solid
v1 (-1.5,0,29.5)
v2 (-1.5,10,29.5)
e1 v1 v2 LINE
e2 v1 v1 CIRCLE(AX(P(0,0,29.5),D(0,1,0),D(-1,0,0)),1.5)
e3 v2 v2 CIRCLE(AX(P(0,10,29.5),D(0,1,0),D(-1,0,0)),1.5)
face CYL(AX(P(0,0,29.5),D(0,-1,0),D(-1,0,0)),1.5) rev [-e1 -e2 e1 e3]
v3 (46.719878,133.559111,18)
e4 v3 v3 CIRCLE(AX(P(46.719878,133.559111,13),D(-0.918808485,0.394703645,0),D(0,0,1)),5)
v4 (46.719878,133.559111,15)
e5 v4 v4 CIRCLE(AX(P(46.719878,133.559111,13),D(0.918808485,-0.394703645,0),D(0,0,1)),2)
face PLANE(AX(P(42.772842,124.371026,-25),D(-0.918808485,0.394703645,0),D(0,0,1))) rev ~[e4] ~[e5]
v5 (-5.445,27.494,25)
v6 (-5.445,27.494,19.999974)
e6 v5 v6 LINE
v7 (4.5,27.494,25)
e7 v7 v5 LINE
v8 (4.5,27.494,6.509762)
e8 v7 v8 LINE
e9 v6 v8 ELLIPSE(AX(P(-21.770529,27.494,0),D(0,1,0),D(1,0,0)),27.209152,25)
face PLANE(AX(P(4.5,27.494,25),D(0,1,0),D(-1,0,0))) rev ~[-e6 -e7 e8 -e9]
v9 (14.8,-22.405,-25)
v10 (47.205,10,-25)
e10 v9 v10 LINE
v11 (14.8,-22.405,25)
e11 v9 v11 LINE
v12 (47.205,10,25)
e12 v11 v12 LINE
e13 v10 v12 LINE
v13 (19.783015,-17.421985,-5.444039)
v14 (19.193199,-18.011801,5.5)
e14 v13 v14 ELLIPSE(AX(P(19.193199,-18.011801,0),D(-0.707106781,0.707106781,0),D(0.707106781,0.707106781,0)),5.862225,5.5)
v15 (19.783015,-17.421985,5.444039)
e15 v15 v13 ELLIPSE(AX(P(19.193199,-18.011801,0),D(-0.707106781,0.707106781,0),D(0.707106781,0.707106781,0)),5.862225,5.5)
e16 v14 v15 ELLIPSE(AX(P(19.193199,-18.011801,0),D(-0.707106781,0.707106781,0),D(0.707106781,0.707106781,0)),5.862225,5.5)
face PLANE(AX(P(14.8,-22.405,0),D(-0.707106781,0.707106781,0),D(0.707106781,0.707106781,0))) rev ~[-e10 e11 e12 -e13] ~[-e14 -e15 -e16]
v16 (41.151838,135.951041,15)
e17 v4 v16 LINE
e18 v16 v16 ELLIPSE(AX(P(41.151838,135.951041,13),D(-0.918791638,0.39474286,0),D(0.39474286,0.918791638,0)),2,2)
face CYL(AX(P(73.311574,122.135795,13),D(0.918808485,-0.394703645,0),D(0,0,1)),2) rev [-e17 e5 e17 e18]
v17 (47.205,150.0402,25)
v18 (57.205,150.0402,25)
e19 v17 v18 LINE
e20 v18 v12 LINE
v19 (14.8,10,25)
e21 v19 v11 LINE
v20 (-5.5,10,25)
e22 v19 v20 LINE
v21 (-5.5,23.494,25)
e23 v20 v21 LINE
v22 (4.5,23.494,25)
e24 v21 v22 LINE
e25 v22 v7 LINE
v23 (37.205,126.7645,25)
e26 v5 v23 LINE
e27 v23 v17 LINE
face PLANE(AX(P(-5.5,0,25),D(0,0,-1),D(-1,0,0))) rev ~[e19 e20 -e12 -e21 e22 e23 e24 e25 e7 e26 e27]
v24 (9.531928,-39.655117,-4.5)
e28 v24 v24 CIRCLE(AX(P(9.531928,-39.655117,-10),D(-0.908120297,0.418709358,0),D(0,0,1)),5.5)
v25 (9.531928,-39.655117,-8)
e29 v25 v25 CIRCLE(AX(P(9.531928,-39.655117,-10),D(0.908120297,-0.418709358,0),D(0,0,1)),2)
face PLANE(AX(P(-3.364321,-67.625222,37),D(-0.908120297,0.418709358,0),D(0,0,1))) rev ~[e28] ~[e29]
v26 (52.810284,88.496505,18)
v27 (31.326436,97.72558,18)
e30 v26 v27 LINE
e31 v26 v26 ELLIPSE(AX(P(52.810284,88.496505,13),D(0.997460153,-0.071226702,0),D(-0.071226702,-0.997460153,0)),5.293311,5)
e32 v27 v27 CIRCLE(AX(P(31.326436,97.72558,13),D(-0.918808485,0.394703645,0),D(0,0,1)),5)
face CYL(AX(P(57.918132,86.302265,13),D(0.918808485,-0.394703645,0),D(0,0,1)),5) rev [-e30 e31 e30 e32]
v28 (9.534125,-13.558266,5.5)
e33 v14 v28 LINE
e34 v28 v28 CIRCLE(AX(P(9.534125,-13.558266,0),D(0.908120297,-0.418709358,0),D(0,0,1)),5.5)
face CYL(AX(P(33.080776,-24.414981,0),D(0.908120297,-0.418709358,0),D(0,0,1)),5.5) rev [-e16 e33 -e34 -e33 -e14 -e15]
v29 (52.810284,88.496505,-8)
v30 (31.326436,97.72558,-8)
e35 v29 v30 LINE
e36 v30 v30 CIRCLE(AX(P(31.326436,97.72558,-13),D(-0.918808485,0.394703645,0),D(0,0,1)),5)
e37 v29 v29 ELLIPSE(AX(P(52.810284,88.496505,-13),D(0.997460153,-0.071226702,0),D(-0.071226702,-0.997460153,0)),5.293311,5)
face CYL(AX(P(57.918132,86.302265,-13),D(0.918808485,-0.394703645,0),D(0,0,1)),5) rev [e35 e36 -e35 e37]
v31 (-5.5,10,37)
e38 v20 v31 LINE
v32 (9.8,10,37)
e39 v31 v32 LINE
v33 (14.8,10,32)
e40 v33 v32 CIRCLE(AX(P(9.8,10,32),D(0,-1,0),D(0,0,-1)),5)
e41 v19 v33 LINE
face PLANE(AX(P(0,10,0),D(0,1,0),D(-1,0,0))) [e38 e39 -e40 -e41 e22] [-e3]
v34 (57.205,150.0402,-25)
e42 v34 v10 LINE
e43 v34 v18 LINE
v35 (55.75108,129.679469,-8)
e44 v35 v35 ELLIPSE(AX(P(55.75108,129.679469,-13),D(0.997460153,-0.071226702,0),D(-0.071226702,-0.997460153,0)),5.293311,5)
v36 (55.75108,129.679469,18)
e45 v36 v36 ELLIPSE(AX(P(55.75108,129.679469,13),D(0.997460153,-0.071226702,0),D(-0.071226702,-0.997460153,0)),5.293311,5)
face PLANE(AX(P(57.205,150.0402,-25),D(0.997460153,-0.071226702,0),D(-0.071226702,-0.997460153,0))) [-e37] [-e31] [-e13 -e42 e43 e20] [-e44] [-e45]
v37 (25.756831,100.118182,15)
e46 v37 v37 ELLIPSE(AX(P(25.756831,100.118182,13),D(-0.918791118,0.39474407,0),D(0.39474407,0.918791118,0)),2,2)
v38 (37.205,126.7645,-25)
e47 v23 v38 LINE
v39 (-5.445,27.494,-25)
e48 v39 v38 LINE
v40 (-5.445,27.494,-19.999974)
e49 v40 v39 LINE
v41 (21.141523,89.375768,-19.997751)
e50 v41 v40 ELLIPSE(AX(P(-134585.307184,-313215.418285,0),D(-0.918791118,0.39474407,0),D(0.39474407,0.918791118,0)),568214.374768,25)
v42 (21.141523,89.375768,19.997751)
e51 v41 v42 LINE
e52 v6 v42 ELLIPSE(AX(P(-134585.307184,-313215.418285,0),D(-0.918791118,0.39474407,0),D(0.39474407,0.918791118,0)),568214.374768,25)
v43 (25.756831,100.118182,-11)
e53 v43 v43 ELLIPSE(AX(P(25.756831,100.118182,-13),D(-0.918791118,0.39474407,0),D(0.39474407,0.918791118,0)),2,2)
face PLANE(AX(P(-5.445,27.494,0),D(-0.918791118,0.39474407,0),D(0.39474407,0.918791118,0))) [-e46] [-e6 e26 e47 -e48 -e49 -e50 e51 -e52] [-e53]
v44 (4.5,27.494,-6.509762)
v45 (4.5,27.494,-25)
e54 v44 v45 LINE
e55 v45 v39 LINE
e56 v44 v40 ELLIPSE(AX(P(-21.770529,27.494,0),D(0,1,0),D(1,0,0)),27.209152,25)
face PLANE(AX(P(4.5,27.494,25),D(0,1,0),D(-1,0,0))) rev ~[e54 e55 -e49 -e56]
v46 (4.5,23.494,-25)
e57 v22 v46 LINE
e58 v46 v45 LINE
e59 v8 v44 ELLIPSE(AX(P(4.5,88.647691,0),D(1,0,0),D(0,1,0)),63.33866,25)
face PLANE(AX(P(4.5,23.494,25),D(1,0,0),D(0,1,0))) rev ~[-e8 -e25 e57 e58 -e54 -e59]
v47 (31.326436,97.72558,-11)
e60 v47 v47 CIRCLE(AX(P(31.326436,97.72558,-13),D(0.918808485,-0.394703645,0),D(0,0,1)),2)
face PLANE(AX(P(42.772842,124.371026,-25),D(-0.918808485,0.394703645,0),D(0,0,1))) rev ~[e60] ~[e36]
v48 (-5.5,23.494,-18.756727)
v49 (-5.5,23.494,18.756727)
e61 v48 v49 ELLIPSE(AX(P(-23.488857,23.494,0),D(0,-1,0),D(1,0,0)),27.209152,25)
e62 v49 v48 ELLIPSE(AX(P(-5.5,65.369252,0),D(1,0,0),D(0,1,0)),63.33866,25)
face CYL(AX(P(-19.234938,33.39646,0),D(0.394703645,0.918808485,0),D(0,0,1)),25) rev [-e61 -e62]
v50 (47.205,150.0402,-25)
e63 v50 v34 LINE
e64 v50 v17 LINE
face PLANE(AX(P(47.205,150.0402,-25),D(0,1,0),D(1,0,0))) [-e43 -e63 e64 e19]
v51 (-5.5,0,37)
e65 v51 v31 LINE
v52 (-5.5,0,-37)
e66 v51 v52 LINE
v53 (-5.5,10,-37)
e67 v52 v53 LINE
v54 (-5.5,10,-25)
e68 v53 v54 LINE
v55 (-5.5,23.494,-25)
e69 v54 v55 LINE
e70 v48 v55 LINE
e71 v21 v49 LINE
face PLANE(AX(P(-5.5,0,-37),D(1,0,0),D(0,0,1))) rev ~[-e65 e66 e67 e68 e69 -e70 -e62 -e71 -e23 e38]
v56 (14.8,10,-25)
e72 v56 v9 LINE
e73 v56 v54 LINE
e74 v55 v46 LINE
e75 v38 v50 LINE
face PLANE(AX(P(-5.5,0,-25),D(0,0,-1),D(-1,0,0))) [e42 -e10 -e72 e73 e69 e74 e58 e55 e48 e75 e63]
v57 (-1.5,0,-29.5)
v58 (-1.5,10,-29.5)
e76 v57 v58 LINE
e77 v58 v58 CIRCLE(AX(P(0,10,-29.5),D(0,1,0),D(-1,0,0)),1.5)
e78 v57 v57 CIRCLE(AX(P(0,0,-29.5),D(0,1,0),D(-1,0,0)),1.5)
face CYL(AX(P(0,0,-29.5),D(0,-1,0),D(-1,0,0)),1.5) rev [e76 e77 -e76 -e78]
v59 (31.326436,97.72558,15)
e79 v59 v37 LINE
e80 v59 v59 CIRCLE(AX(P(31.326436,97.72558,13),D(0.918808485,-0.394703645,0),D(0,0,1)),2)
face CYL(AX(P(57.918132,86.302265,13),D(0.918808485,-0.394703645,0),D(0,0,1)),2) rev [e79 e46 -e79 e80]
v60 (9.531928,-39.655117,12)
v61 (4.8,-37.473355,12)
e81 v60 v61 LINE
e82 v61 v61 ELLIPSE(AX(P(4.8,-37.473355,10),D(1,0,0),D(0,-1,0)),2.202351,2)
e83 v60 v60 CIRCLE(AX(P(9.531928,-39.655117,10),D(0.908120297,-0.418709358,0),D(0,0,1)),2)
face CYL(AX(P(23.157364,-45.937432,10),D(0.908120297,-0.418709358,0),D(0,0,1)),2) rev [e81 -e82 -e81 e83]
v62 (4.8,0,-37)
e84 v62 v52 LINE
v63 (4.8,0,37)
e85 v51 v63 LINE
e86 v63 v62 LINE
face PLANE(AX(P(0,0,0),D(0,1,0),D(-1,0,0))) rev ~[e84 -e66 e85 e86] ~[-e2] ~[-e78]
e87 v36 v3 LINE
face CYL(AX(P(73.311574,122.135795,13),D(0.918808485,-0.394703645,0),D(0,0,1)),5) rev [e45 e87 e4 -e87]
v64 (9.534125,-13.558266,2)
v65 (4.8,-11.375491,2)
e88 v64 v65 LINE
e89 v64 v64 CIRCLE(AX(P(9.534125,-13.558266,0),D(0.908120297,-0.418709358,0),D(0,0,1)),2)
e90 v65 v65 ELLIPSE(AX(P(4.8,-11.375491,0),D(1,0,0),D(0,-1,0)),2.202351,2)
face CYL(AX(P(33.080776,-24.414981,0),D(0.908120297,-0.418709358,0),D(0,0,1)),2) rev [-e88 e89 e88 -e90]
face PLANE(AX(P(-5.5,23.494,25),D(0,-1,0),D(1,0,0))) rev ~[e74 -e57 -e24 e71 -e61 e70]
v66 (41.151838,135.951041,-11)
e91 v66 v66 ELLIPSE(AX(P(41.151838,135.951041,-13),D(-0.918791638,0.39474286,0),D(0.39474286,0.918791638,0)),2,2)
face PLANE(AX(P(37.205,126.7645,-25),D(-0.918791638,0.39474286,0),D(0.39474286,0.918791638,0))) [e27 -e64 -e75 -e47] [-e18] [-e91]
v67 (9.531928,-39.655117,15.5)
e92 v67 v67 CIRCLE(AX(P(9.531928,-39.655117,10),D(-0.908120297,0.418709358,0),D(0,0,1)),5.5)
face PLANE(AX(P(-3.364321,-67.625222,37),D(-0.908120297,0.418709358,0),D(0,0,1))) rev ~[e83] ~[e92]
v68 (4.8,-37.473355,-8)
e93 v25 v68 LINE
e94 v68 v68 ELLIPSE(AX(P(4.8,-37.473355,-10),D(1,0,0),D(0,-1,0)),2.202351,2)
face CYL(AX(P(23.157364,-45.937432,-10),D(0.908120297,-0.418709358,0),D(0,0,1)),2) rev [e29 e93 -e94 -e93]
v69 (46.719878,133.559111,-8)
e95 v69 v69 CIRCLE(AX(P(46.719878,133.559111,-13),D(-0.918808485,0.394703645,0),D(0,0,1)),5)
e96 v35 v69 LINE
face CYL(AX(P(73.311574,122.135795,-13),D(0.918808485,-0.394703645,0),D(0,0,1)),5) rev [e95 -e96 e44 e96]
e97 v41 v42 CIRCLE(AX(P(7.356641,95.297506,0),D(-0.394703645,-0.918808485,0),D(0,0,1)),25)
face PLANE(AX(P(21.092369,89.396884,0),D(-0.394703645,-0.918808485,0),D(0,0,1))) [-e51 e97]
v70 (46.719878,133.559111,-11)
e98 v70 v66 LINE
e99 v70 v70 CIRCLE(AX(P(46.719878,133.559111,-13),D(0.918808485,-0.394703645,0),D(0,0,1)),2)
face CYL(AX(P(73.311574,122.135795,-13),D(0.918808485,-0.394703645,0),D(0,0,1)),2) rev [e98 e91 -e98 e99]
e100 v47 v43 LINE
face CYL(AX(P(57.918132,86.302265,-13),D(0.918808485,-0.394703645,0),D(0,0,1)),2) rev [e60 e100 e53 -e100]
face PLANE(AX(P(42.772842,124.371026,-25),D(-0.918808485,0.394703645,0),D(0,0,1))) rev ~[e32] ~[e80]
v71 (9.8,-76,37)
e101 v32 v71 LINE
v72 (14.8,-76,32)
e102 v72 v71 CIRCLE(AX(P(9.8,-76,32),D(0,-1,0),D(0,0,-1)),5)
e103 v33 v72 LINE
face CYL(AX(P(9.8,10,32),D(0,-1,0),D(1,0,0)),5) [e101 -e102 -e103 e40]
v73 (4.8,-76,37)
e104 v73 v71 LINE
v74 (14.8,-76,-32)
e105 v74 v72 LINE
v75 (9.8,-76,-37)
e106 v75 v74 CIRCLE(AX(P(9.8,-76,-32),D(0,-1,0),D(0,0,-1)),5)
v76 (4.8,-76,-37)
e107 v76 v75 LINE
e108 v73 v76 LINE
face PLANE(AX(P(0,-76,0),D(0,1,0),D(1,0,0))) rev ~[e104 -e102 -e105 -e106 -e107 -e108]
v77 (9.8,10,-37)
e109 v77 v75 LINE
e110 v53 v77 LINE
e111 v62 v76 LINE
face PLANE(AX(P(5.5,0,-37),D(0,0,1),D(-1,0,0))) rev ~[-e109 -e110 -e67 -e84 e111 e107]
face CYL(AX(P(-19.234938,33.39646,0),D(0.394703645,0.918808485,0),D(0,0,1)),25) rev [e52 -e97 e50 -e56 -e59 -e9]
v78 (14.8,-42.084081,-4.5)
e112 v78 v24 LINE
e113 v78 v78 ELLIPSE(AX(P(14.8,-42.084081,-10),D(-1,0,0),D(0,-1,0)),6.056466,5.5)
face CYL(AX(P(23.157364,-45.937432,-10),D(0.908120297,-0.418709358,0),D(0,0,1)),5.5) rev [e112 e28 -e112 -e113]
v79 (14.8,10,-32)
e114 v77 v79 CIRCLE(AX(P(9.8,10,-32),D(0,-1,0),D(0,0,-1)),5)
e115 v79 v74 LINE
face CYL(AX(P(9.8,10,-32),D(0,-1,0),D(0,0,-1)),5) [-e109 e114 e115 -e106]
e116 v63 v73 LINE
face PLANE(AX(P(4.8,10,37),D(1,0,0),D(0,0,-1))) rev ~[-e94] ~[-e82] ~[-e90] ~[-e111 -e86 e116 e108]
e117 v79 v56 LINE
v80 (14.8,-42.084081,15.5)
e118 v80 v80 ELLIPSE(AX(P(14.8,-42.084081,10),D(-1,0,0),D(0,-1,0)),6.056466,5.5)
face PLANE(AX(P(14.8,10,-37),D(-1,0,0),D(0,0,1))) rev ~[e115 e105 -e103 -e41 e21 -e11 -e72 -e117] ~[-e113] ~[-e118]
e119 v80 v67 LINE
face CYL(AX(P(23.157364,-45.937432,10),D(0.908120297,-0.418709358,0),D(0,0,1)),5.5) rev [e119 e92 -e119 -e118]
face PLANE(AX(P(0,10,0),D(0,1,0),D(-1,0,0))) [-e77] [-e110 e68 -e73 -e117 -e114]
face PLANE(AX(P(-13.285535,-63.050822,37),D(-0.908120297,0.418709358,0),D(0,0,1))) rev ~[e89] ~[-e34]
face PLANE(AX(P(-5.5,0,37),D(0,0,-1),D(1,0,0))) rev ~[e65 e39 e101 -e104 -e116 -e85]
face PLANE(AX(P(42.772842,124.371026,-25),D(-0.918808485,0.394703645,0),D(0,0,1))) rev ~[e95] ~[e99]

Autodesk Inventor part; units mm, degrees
sketch "Sketch1" plane through (0, 0, 0) normal (0, 1, 0) x (-1, 0, 0)
  line L0 (-5.5, -37) -> (5.5, -37)
  line L1 (5.5, -37) -> (5.5, 37)
  line L2 (5.5, 37) -> (-5.5, 37)
  line L3 (-5.5, 37) -> (-5.5, -37)
  line L4 (-5.5, -37) -> (5.5, 37) construction
  line L5 (5.5, -37) -> (-5.5, 37) construction
  line L6 (-5.5, -25) -> (5.5, -25)
  line L7 (5.5, -25) -> (5.5, 25)
  line L8 (5.5, 25) -> (-5.5, 25)
  line L9 (-5.5, 25) -> (-5.5, -25)
  line L10 (-5.5, -25) -> (5.5, 25) construction
  line L11 (5.5, -25) -> (-5.5, 25) construction
  circle A0 centre (0, 29.5) radius 1.5
  circle A1 centre (0, -29.5) radius 1.5
  point P0 (0, 0)
  point P1 (0, -37)
  dimension "d0" = 74
  dimension "d1" = 11
  dimension "d2" = 11
  dimension "d3" = 50
  dimension "d4" = 3
  dimension "d5" = 7.5
  dimension "d6" = 3
  dimension "d7" = 7.5
extrude "Extrusion1" add sketch "Sketch1" along normal blind 10
sketch "Sketch2" plane through (0, 10, 0) normal (0, 1, 0) x (1, 0, 0)
  line L0 (5.5, 37) -> (-5.5, 37) projected
  line L1 (4.8, 37) -> (14.8, 37)
  line L2 (14.8, 37) -> (14.8, -37)
  line L3 (14.8, -37) -> (4.8, -37)
  line L4 (4.8, -37) -> (4.8, 37)
  line L5 (5.5, -37) -> (5.5, 37) projected
  point P0 (0, 0)
  dimension "d10" = 74
  dimension "d11" = 0.7
  dimension "d12" = 10
extrude "Extrusion2" add sketch "Sketch2" against normal blind 86
ref_plane "Work Plane1" through (-5.5, 0, 0) normal (0, 0, 1) x (1, 0, 0)
sketch "Sketch3" plane through (-5.5, 0, 0) normal (0, 0, 1) x (1, 0, 0)
  line L0 (20.3, 10) -> (0, 10) projected
  line L1 (0, 10) -> (0, 27.494)
  line L2 (0, 27.494) -> (0.055, 27.494)
  line L3 (20.3, 10) -> (20.3, -76) projected
  line L4 (20.3, 10) -> (20.3, -22.405)
  line L5 (20.3, 10) -> (52.705, 10) construction
  line L6 (20.3, -22.405) -> (52.705, 10)
  line L7 (20.3, -22.405) -> (66.1276, -22.405) construction
  line L8 (52.705, 10) -> (52.705, 310)
  line L9 (52.705, 10) -> (352.705, 10) construction
  line L10 (0.055, 27.494) -> (10.055, 27.494) construction
  line L11 (52.705, 101.8003) -> (42.705, 101.8003) construction
  line L12 (42.705, 101.8003) -> (42.705, 219.1463) construction
  line L13 (42.705, 101.8003) -> (160.051, 101.8003) construction
  line L14 (0.055, 27.494) -> (42.705, 126.7645)
  line L15 (42.705, 126.7645) -> (52.705, 126.7645)
  point P0 (5.5, 0)
  dimension "d15" = 17.494
  dimension "d18" = 32.405
  dimension "d19" = 90
  dimension "d20" = 45
  dimension "d22" = 90
  dimension "d23" = 10
  dimension "d25" = 10
  dimension "d27" = 90
  dimension "d79" = 66.75
extrude "Extrusion3" add sketch "Sketch3" along normal mid plane 50
ref_plane "Work Plane2" through (-5.5, 27.494, 0) normal (-0.3947, -0.9188, 0) x (0, 0, 1)
sketch "Sketch4" plane through (-5.5, 0, 25) normal (0, 0, 1) x (1, 0, 0)
  line L0 (0, 0) -> (0, 10) construction
  line L1 (0, 10) -> (0, 23.494) construction
  line L2 (0, 23.494) -> (10, 23.494)
  line L3 (10, 23.494) -> (10, 27.494)
  line L4 (10, 27.494) -> (0, 27.494)
  line L5 (0, 27.494) -> (0, 23.494)
  point P0 (5.5, 0)
  dimension "d31" = 13.494
  dimension "d32" = 10
  dimension "d33" = 4
extrude "Extrusion4" cut sketch "Sketch4" against normal blind 269.75
sketch "Sketch5" plane through (-5.5, 27.494, 0) normal (-0.3947, -0.9188, 0) x (0, 0, 1)
  circle A0 centre (0, 14.9495) radius 25
  line L0 (-25, -0.0505) -> (25, -0.0505) projected
  point P0 (0, -15.9064)
  dimension "d36" = 50
  dimension "d37" = 15
ref_plane "Work Plane3" through (37.205, 87.7645, 25) normal (0, 1, 0) x (1, 0, 0)
extrude "Extrusion5" cut sketch "Sketch5" along normal blind 54.3375 and the other way blind 67.371
ref_plane "Work Plane5" through (10.2593, -73.9067, 37) normal (-0.9081, 0.4187, 0) x (0, 0, 1)
ref_plane "Work Plane4" through (14.8, -76, 37) normal (-0.9081, 0.4187, 0) x (0, 0, 1)
sketch "Sketch6" plane through (10.2593, -73.9067, 37) normal (-0.9081, 0.4187, 0) x (0, 0, 1)
  line L0 (-74, 0) -> (0, 0) projected
  circle A0 centre (-37, 54.5) radius 5.5
  circle A1 centre (-37, 54.5) radius 2
  line L1 (-37, -200) -> (-37, 49)
  line L2 (-37, 60) -> (-37, 200)
  circle A2 centre (-47, 30.8) radius 5.5
  circle A3 centre (-47, 30.8) radius 2
  circle A4 centre (-27, 30.8) radius 5.5
  circle A5 centre (-27, 30.8) radius 2
  point P0 (-37, 62.8227)
  point P1 (-37, 0)
  dimension "d43" = 400
  dimension "d44" = 11
  dimension "d45" = 4
  dimension "d46" = 11
  dimension "d47" = 4
  dimension "d48" = 54.5
  dimension "d49" = 23.7
  dimension "d91" = 10
extrude "Extrusion6" cut sketch "Sketch6" along normal blind 15 contours A0 | A1 | A2 | A3 | A4 | A5
extrude "Extrusion7" cut sketch "Sketch6" along normal blind 25.925 contours A0 | A1
extrude "Extrusion8" cut sketch "Sketch6" along normal blind 34.505 contours A1 | A3 | A5
ref_plane "Work Plane6" through (69.3627, 112.9485, -25) normal (-0.9188, 0.3947, 0) x (0, 0, 1)
sketch "Sketch7" plane through (69.3627, 112.9485, -25) normal (-0.9188, 0.3947, 0) x (0, 0, 1)
  line L0 (0, 0) -> (50, 0) projected
  line L1 (25, 150) -> (25, -150)
  line L2 (25, 150) -> (325, 150) construction
  line L3 (38, 10) -> (12, 10) construction
  line L4 (12, 10) -> (12, -29) construction
  line L5 (12, -29) -> (38, -29) construction
  line L6 (38, -29) -> (38, 10) construction
  circle A0 centre (38, 10) radius 2
  circle A1 centre (38, 10) radius 5
  circle A2 centre (38, -29) radius 2
  circle A3 centre (38, -29) radius 5
  circle A4 centre (12, 10) radius 2
  circle A5 centre (12, 10) radius 5
  circle A6 centre (12, -29) radius 2
  circle A7 centre (12, -29) radius 5
  line L7 (0, 3.9474) -> (50, 3.9474) projected
  point P0 (25, -131.1566)
  point P1 (25, 0)
  dimension "d57" = 300
  dimension "d58" = 90
  dimension "d63" = 26
  dimension "d64" = 39
  dimension "d67" = 4
  dimension "d68" = 10
  dimension "d69" = 10
  dimension "d70" = 4
  dimension "d78" = 13
  dimension "d85" = 10
fillet "Fillet1" radius 5 2 edges at (14.8, -33, 37) (14.8, -33, -37)
sketch "Sketch8" plane through (-5.5, 0, -25) normal (0, 0, -1) x (-1, 0, 0)
  line L0 (-52.705, 126.7645) -> (-42.705, 126.7645) construction
  line L1 (-42.705, 126.7645) -> (-52.705, 126.7645) construction
  line L2 (-52.705, 10) -> (-52.705, 126.7645) projected
  line L3 (-0.055, 27.494) -> (-42.705, 126.7645) projected
  line L4 (-42.705, 126.7645) -> (-52.705, 150.0402)
  line L5 (-52.705, 126.7645) -> (-42.705, 126.7645)
  line L6 (-52.705, 150.0402) -> (-62.705, 150.0402)
  line L7 (-62.705, 150.0402) -> (-52.705, 10)
  point P0 (-5.5, 0)
  dimension "d80" = 66.75
  dimension "d88" = 10
extrude "Extrusion13" add sketch "Sketch8" against normal blind 50
extrude "Extrusion9" cut sketch "Sketch7" along normal blind 28.9375 contours A0 | A1 | A2 | A3 | A4 | A5 | A6 | A7
extrude "Extrusion10" cut sketch "Sketch7" along normal blind 43.9375 contours A0 | A2 | A4 | A6
equation "\"d6\" = d4"
equation "\"d7\" = d5"
equation "\"d46\" = d44"
equation "\"d47\" = d45"
equation "\"d69\" = d68"
equation "\"d70\" = d67"
equation "\"d78\" = 0.5 * d63"
equation "\"d85\" = screw_offset"
equation "\"screw_offset\" = 10"
properties part number "Camera_Bracket"
